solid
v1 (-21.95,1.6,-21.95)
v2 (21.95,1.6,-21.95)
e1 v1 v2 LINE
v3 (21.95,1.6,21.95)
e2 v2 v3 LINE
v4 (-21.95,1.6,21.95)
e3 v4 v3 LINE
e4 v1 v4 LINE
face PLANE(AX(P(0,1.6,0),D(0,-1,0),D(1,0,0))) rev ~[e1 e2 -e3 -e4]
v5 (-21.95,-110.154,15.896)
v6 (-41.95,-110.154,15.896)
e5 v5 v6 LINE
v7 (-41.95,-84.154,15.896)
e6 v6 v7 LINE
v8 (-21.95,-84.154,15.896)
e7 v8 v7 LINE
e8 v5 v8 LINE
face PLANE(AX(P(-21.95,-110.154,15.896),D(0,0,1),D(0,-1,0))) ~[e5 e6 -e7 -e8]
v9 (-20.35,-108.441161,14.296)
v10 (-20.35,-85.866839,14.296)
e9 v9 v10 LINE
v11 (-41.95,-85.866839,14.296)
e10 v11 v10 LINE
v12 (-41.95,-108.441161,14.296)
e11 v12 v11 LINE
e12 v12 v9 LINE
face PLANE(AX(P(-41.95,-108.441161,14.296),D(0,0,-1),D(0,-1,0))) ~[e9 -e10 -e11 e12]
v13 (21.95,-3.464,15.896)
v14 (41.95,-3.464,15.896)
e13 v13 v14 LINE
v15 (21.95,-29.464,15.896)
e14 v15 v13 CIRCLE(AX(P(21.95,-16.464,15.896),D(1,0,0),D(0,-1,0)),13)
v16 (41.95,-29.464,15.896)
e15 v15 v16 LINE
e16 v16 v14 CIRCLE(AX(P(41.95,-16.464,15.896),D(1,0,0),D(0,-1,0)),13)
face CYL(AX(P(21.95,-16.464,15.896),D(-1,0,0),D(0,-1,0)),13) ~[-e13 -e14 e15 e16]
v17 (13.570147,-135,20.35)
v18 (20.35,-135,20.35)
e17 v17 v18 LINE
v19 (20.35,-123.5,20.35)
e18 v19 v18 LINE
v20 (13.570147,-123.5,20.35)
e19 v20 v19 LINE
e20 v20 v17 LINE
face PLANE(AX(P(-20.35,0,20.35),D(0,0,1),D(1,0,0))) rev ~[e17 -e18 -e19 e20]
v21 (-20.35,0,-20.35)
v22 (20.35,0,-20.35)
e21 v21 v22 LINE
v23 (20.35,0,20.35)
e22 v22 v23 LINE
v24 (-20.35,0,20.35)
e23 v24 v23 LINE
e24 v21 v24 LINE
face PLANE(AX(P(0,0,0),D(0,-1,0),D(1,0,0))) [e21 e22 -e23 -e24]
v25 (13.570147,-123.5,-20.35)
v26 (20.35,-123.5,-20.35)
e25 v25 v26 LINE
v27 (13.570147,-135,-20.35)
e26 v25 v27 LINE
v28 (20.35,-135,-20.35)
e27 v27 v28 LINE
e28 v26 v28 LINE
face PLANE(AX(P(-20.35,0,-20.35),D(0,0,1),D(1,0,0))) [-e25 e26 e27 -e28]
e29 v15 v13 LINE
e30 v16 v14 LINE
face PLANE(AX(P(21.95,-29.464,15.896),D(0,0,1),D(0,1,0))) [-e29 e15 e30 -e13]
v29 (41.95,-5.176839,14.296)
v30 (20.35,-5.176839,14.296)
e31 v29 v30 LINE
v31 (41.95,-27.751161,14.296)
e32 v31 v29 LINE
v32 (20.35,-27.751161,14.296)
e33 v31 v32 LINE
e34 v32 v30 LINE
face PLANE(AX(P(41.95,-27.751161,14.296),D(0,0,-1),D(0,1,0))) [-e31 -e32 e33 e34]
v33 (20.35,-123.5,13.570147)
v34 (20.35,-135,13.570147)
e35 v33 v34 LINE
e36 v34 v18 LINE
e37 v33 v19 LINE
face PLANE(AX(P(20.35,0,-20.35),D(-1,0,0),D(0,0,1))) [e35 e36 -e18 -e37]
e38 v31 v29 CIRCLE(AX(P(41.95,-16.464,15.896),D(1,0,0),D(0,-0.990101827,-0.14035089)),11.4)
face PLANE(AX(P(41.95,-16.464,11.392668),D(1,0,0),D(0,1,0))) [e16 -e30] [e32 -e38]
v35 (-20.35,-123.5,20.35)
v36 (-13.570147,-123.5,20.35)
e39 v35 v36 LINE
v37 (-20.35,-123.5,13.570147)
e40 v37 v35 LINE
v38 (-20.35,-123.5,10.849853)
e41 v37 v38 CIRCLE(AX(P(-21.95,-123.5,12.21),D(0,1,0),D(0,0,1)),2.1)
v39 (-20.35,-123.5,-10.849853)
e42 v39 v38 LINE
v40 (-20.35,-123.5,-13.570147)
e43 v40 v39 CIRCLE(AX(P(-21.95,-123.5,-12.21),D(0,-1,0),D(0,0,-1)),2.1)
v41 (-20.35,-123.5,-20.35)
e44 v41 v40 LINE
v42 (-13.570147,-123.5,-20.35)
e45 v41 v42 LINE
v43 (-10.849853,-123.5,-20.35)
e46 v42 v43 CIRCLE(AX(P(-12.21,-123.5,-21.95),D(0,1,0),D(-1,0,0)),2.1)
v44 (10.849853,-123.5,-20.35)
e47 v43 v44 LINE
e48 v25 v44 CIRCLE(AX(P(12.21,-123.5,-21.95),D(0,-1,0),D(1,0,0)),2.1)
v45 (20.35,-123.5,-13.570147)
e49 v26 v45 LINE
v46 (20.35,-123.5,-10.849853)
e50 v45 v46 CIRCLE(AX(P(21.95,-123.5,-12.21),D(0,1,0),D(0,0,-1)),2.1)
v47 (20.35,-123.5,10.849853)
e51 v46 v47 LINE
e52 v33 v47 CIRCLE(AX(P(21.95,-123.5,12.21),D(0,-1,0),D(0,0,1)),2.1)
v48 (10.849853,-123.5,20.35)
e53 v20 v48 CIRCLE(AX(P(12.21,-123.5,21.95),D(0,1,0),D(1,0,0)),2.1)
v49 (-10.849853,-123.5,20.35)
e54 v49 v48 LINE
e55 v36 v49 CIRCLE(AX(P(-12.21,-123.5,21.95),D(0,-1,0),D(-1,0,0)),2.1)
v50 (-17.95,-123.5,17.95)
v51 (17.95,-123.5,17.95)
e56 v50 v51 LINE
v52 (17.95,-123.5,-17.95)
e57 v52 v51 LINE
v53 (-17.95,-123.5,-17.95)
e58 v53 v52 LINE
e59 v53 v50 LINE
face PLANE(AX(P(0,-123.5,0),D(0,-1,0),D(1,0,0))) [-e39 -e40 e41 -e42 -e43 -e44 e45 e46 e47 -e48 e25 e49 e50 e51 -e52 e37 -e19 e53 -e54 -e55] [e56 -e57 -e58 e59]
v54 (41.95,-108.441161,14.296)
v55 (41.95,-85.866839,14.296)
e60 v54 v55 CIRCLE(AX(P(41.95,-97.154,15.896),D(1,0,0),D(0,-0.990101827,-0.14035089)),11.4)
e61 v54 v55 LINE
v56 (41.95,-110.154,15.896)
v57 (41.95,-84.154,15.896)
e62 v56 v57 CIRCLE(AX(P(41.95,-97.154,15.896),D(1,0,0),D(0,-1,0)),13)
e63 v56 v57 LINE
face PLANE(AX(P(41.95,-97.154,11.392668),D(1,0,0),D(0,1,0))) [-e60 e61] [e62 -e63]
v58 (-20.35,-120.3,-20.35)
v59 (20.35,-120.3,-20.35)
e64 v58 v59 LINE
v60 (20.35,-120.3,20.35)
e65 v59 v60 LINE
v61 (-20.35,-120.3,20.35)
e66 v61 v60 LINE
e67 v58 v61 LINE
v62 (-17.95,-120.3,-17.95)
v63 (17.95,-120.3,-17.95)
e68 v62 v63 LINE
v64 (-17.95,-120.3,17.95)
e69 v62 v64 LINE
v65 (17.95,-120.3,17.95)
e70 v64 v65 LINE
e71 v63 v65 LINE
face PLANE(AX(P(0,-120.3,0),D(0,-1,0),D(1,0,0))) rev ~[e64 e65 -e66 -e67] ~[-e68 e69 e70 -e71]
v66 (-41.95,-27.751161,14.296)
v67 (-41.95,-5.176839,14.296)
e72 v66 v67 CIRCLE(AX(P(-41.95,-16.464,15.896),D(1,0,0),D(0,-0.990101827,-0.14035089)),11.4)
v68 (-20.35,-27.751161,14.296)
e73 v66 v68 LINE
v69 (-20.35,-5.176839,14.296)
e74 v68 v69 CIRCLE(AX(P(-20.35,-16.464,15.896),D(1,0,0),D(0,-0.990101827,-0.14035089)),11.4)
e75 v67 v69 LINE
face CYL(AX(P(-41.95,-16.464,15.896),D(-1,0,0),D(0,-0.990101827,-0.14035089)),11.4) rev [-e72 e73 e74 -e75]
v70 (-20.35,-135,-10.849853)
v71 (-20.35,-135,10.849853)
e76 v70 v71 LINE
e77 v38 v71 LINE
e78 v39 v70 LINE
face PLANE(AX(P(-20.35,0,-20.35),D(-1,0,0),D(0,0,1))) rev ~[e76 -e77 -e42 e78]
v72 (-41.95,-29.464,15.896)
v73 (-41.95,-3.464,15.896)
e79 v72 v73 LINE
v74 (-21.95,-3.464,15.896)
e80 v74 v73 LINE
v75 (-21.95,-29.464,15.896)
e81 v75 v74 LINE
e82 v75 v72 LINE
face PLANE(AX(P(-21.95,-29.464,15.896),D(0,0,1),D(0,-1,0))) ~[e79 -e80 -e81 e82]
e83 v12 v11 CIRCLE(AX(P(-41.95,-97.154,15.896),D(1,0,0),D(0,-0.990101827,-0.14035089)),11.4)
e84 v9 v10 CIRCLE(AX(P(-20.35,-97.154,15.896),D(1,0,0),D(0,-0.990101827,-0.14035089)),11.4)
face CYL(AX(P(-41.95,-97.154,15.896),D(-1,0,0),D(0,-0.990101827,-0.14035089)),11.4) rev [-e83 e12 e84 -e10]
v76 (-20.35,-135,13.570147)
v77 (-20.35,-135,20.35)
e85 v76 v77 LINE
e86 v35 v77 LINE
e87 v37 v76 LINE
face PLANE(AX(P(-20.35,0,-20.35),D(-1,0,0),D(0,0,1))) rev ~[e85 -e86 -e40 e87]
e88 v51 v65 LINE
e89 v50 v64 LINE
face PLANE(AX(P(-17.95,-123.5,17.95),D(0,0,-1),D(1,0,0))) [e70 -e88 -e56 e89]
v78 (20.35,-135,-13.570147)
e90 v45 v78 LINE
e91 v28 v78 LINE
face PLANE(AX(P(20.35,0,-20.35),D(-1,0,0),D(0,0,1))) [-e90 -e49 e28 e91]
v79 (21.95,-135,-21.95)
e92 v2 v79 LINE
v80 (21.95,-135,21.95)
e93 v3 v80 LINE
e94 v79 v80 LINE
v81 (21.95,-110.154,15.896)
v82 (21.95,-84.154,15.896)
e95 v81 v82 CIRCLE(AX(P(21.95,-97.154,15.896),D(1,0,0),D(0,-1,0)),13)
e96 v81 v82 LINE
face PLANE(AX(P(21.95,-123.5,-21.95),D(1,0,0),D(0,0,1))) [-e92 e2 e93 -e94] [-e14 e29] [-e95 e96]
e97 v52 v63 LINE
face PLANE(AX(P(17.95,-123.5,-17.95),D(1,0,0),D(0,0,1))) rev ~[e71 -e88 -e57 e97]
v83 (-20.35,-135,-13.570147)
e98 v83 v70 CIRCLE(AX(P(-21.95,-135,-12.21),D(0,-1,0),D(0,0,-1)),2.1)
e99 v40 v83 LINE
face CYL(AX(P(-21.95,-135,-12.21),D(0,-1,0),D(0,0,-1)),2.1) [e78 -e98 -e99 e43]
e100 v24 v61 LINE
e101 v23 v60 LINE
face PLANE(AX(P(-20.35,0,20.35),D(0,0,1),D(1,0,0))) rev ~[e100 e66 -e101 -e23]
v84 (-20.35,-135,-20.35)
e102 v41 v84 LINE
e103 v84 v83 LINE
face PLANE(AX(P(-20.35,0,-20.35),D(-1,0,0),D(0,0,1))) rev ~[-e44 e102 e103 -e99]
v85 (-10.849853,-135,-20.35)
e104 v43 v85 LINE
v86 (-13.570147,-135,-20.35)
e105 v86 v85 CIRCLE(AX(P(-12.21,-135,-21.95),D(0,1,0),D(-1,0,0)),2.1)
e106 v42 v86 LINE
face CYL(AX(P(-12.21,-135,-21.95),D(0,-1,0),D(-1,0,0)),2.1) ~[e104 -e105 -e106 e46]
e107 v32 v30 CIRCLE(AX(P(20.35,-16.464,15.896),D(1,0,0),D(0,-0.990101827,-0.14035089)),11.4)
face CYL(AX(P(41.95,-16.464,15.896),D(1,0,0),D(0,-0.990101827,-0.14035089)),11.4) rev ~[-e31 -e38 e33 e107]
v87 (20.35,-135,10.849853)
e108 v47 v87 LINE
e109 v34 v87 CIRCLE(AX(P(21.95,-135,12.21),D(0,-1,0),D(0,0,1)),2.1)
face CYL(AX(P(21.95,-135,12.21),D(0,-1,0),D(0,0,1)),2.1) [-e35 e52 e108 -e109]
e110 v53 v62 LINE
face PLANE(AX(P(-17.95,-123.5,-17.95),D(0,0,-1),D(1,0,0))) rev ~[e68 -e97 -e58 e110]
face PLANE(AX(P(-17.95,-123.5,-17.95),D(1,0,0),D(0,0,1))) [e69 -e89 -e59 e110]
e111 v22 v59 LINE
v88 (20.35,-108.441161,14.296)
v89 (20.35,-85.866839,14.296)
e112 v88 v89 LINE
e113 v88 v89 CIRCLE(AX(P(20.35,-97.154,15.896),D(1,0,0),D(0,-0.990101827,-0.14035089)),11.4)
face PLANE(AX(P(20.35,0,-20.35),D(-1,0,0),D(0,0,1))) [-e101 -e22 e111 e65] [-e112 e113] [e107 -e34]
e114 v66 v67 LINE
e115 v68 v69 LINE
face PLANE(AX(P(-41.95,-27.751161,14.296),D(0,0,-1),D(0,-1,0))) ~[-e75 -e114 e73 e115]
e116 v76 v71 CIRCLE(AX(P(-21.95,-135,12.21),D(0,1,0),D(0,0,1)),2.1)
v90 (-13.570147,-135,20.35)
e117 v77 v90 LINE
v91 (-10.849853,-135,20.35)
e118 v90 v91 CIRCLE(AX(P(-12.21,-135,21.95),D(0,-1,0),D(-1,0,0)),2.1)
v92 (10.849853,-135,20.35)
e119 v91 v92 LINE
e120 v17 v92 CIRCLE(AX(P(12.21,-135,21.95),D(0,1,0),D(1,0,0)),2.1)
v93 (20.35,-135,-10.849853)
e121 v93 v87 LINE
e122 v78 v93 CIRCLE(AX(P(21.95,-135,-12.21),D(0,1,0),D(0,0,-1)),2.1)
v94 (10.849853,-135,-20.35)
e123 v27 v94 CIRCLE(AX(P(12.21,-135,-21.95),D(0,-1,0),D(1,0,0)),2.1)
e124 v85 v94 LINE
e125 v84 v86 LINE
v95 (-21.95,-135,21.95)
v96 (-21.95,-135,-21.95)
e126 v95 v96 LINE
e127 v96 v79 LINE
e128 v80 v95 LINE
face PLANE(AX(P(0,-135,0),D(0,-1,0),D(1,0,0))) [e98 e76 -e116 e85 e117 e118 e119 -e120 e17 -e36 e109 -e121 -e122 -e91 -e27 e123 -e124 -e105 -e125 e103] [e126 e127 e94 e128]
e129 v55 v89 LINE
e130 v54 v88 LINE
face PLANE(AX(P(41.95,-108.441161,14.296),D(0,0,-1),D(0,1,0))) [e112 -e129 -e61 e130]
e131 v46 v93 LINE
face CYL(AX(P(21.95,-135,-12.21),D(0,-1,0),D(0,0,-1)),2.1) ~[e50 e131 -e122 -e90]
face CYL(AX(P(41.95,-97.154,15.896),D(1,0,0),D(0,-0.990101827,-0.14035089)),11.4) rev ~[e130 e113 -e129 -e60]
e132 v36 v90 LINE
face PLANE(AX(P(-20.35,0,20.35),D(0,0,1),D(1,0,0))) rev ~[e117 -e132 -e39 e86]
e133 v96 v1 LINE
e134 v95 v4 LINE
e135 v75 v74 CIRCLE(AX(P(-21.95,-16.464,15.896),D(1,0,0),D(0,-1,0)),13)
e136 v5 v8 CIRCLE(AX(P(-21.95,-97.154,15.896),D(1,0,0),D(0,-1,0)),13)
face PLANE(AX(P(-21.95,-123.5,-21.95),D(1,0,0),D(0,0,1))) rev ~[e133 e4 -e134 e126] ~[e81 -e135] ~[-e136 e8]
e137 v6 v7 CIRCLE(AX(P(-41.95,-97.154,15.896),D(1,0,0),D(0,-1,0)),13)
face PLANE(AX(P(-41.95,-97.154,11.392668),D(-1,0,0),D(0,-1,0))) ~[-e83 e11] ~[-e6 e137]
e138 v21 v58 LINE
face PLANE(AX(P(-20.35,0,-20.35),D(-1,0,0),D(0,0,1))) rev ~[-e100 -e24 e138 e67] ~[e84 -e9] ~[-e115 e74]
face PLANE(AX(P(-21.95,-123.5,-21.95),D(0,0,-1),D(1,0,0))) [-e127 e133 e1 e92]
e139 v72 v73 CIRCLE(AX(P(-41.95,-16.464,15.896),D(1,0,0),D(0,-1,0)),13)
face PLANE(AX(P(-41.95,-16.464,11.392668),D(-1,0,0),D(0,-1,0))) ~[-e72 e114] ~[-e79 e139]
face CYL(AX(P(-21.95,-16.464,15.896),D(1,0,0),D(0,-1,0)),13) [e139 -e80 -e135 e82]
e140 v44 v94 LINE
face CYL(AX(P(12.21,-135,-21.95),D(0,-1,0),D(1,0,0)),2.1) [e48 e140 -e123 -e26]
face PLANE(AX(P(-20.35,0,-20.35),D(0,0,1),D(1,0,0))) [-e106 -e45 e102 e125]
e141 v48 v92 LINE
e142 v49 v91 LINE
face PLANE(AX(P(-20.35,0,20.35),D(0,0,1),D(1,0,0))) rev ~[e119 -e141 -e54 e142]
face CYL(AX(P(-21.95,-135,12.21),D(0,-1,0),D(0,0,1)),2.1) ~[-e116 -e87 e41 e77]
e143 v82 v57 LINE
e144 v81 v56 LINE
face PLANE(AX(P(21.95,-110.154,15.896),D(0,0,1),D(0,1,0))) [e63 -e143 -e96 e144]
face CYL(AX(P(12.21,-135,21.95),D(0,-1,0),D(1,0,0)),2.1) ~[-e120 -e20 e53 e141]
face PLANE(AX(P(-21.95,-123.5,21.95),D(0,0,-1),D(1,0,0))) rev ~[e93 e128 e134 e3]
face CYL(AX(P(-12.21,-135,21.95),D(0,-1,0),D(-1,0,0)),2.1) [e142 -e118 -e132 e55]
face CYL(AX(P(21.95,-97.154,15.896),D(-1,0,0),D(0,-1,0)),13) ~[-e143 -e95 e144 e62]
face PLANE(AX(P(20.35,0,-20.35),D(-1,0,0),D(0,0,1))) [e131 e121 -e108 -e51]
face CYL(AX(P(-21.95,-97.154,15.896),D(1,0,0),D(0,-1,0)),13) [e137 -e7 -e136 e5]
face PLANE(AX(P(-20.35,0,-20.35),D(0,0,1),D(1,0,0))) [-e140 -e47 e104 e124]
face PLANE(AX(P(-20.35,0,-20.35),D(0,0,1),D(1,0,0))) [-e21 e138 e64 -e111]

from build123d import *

# Parameters (mm, degrees)
SKETCH_W                     = 43.9
SKETCH_H                     = 43.9
SKETCH_W_2                   = 40.7
SKETCH_H_2                   = 40.7
PAD_DEPTH                    = 135
SKETCH001_W                  = 43.9
SKETCH001_H                  = 43.9
PAD001_DEPTH                 = 1.6
PAD002_DEPTH                 = 11.5
PAD002_POLARPATTERN_2_DEPTH  = 11.5
PAD002_POLARPATTERN_3_DEPTH  = 11.5
PAD002_POLARPATTERN_4_DEPTH  = 11.5
SKETCH003_W                  = 43.9
SKETCH003_H                  = 43.9
SKETCH003_W_2                = 35.9
SKETCH003_H_2                = 35.9
PAD003_DEPTH                 = 3.2
PAD004_DEPTH                 = 20
POCKET_DEPTH                 = 21.6
PAD004_LINEARPATTERN_2_DEPTH = 20
POCKET_LINEARPATTERN_2_DEPTH = 21.6


with BuildPart() as part:
    # Sketch → Pad (new body)
    with BuildSketch(Plane.XZ):
        Rectangle(SKETCH_W, SKETCH_H)
        Rectangle(SKETCH_W_2, SKETCH_H_2, mode=Mode.SUBTRACT)
    extrude(amount=PAD_DEPTH)

    # Sketch001 → Pad001 (join)
    with BuildSketch(Plane.XZ):
        Rectangle(SKETCH001_W, SKETCH001_H)
    extrude(amount=-PAD001_DEPTH)

    # Sketch002 → Pad002 (join)
    with BuildSketch(Plane.XZ.offset(135)):
        with BuildLine():
            ThreePointArc((-14.31, 21.95), (-12.21, 19.85), (-10.11, 21.95))
            Line((-14.31, 21.95), (-10.11, 21.95))
        make_face()
    pad002 = extrude(amount=-PAD002_DEPTH)

    # Sketch002 PolarPattern 2 → Pad002 PolarPattern 2 (add)
    with BuildSketch(Plane(origin=(0, -135, 0), x_dir=(0, 0, 1), z_dir=(0, -1, 0))):
        with BuildLine():
            ThreePointArc((-14.31, 21.95), (-12.21, 19.85), (-10.11, 21.95))
            Line((-14.31, 21.95), (-10.11, 21.95))
        make_face()
    pad002_polarpattern_2 = extrude(amount=-PAD002_POLARPATTERN_2_DEPTH)

    # Sketch002 PolarPattern 3 → Pad002 PolarPattern 3 (add)
    with BuildSketch(Plane(origin=(0, -135, 0), x_dir=(-1, 0, 0), z_dir=(0, -1, 0))):
        with BuildLine():
            ThreePointArc((-14.31, 21.95), (-12.21, 19.85), (-10.11, 21.95))
            Line((-14.31, 21.95), (-10.11, 21.95))
        make_face()
    pad002_polarpattern_3 = extrude(amount=-PAD002_POLARPATTERN_3_DEPTH)

    # Sketch002 PolarPattern 4 → Pad002 PolarPattern 4 (add)
    with BuildSketch(Plane(origin=(0, -135, 0), x_dir=(0, 0, -1), z_dir=(0, -1, 0))):
        with BuildLine():
            ThreePointArc((-14.31, 21.95), (-12.21, 19.85), (-10.11, 21.95))
            Line((-14.31, 21.95), (-10.11, 21.95))
        make_face()
    pad002_polarpattern_4 = extrude(amount=-PAD002_POLARPATTERN_4_DEPTH)

    # Mirrored: Pad002, Pad002 PolarPattern 2, Pad002 PolarPattern 3, Pad002 PolarPattern 4 across Sketch002 V_Axis
    add(pad002.mirror(Plane(origin=(0, -135, 0), x_dir=(0, -1, 0), z_dir=(1, 0, 0))))
    add(pad002_polarpattern_2.mirror(Plane(origin=(0, -135, 0), x_dir=(0, -1, 0), z_dir=(1, 0, 0))))
    add(pad002_polarpattern_3.mirror(Plane(origin=(0, -135, 0), x_dir=(0, -1, 0), z_dir=(1, 0, 0))))
    add(pad002_polarpattern_4.mirror(Plane(origin=(0, -135, 0), x_dir=(0, -1, 0), z_dir=(1, 0, 0))))

    # Sketch003 → Pad003 (join)
    with BuildSketch(Plane.XZ.offset(123.5)):
        Rectangle(SKETCH003_W, SKETCH003_H)
        Rectangle(SKETCH003_W_2, SKETCH003_H_2, mode=Mode.SUBTRACT)
    extrude(amount=-PAD003_DEPTH)

    # Sketch004 → Pad004 (join)
    with BuildSketch(Plane.YZ.offset(21.95)):
        with BuildLine():
            ThreePointArc((-110.154, 15.896), (-97.154, 2.896), (-84.154, 15.896))
            Line((-110.154, 15.896), (-84.154, 15.896))
        make_face()
    pad004 = extrude(amount=PAD004_DEPTH)

    # Sketch005 → Pocket (cut)
    with BuildSketch(Plane.YZ.offset(41.95)):
        with BuildLine():
            ThreePointArc((-108.441161, 14.296), (-97.154, 4.496), (-85.866839, 14.296))
            Line((-108.441161, 14.296), (-85.866839, 14.296))
        make_face()
    pocket = extrude(amount=-POCKET_DEPTH, mode=Mode.SUBTRACT)

    # Sketch004 LinearPattern 2 → Pad004 LinearPattern 2 (add)
    with BuildSketch(Plane(origin=(21.95, 80.69, 0), x_dir=(0, 1, 0), z_dir=(1, 0, 0))):
        with BuildLine():
            ThreePointArc((-110.154, 15.896), (-97.154, 2.896), (-84.154, 15.896))
            Line((-110.154, 15.896), (-84.154, 15.896))
        make_face()
    pad004_linearpattern_2 = extrude(amount=PAD004_LINEARPATTERN_2_DEPTH)

    # Sketch005 LinearPattern 2 → Pocket LinearPattern 2 (cut)
    with BuildSketch(Plane(origin=(41.95, 80.69, 0), x_dir=(0, 1, 0), z_dir=(1, 0, 0))):
        with BuildLine():
            ThreePointArc((-108.441161, 14.296), (-97.154, 4.496), (-85.866839, 14.296))
            Line((-108.441161, 14.296), (-85.866839, 14.296))
        make_face()
    pocket_linearpattern_2 = extrude(amount=-POCKET_LINEARPATTERN_2_DEPTH, mode=Mode.SUBTRACT)

    # Mirrored001: Pad004, Pocket, Pad004 LinearPattern 2, Pocket LinearPattern 2 across YZ
    add(pad004.mirror(Plane.YZ))
    add(pocket.mirror(Plane.YZ), mode=Mode.SUBTRACT)
    add(pad004_linearpattern_2.mirror(Plane.YZ))
    add(pocket_linearpattern_2.mirror(Plane.YZ), mode=Mode.SUBTRACT)


solid = part.part
